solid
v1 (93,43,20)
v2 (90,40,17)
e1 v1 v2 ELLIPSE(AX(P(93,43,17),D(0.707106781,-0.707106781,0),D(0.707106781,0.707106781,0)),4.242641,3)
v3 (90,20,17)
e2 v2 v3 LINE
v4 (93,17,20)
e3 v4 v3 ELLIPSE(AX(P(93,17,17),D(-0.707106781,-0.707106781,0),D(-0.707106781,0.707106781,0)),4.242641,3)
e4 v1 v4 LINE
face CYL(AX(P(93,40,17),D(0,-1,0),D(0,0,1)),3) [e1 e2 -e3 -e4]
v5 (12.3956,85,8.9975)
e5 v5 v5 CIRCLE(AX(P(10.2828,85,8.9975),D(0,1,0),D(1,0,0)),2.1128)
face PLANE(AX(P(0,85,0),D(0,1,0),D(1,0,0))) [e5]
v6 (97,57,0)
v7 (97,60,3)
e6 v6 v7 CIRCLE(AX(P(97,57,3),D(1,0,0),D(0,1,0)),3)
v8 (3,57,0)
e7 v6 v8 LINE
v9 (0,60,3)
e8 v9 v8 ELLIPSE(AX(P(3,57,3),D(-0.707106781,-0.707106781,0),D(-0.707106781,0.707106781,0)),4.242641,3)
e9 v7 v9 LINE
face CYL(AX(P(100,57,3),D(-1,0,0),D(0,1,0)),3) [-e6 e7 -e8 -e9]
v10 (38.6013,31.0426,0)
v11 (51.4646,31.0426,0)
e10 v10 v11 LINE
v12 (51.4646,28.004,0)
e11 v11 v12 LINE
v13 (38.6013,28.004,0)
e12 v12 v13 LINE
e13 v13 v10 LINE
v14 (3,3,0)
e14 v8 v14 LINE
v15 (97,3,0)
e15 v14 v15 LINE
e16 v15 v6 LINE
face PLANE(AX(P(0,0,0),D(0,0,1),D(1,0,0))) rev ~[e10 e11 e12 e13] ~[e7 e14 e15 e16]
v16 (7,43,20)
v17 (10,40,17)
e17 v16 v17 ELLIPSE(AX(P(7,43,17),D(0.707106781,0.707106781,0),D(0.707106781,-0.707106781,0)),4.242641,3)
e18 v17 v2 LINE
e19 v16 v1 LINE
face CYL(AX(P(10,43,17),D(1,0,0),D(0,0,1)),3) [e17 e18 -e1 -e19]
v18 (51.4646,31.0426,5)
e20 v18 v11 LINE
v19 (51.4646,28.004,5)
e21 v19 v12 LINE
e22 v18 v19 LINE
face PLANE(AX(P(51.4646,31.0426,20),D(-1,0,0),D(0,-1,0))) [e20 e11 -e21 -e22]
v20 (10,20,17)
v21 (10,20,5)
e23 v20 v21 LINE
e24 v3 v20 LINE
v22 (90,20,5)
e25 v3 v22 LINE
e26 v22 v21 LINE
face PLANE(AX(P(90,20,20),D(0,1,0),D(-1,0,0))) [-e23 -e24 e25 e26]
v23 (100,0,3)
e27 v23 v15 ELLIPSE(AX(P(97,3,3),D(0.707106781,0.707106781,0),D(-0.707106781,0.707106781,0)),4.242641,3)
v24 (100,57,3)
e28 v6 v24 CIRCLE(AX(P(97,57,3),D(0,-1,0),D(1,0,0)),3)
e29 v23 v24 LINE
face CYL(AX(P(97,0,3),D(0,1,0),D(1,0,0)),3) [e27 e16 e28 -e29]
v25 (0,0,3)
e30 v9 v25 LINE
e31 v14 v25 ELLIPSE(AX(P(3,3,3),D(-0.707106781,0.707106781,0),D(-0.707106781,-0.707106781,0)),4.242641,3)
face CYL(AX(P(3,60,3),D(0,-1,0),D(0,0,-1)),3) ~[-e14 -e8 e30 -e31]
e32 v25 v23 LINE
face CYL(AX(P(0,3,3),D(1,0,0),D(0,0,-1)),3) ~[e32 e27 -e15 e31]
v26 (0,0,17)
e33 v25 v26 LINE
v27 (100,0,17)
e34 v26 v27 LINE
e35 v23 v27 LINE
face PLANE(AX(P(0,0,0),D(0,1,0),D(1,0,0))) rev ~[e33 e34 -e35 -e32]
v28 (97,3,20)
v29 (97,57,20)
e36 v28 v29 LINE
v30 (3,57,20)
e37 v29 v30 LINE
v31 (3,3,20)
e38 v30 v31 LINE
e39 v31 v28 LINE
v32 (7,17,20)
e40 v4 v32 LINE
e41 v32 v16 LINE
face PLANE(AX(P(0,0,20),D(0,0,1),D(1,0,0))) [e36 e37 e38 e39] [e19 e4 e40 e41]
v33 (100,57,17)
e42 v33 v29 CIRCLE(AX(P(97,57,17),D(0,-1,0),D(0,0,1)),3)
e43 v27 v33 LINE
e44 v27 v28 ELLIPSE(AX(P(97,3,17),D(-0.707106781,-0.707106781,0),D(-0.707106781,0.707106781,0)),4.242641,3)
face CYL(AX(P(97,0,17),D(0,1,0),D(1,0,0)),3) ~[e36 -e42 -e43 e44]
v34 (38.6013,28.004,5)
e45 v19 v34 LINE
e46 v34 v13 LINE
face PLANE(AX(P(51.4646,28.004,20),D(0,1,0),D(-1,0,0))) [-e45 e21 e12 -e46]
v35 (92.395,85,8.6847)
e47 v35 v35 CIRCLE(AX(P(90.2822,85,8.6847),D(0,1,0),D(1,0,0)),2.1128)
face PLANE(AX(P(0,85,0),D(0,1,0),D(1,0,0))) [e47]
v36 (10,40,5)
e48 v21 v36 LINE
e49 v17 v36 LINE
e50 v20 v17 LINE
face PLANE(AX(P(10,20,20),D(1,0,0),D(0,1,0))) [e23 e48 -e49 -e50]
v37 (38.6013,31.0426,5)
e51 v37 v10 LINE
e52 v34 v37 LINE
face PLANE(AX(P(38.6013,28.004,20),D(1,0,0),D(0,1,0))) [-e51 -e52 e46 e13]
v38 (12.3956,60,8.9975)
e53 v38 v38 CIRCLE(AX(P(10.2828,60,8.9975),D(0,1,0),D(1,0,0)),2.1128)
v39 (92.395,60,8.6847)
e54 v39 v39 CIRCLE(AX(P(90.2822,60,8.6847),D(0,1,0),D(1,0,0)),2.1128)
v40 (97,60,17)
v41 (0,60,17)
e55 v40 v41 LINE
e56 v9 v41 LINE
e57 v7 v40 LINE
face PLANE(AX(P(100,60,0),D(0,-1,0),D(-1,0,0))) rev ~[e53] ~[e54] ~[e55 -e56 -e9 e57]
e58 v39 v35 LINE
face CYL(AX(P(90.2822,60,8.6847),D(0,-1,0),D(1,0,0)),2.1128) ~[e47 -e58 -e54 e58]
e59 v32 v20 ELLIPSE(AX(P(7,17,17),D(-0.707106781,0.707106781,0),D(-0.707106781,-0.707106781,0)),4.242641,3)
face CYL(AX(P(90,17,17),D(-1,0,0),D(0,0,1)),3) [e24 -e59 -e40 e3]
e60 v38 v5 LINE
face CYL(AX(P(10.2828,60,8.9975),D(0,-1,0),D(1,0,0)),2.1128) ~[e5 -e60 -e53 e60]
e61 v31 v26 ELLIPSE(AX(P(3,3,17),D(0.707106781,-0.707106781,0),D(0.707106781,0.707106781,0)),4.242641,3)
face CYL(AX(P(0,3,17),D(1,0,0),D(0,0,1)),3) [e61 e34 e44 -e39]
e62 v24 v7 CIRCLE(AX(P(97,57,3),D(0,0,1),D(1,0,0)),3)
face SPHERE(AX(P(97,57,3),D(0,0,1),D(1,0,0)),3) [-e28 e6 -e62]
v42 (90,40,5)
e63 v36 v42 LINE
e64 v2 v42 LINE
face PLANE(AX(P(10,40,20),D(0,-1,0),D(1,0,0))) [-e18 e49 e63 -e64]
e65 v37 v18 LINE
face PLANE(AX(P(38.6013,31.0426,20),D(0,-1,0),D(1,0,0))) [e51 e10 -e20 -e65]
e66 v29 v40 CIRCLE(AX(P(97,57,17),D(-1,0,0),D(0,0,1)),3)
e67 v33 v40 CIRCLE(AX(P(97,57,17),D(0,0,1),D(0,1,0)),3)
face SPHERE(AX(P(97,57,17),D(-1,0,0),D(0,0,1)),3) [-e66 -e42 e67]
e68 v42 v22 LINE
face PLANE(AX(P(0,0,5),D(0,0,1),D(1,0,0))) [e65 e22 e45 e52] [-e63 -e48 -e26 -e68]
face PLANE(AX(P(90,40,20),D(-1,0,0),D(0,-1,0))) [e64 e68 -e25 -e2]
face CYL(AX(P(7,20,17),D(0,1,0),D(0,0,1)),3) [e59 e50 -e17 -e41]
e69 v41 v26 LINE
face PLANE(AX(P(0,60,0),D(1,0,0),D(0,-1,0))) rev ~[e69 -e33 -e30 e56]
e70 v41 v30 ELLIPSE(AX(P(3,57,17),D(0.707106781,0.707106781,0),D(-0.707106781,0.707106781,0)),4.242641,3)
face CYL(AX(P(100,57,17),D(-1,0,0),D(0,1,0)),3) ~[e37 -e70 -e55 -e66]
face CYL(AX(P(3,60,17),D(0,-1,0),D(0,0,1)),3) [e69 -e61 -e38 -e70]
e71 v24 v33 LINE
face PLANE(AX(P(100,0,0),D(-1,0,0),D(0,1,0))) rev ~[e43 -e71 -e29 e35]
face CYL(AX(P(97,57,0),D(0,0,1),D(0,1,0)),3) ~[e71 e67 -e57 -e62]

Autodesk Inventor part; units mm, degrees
ref_plane "YZ Plane" through (0, 0, 0) normal (1, 0, 0) x (0, 1, 0)
ref_plane "XZ Plane" through (0, 0, 0) normal (0, 1, 0) x (-1, 0, 0)
ref_plane "XY Plane" through (0, 0, 0) normal (0, 0, 1) x (1, 0, 0)
sketch "Sketch1" plane through (0, 0, 0) normal (0, 0, 1) x (1, 0, 0)
  line L0 (0, 60) -> (0, 0)
  line L1 (0, 0) -> (100, 0)
  line L2 (100, 0) -> (100, 60)
  line L3 (100, 60) -> (0, 60)
extrude "Extrusion1" add sketch "Sketch1" along normal blind 20
sketch "Sketch2" plane through (0, 0, 20) normal (0, 0, 1) x (1, 0, 0)
  line L0 (10, 40) -> (90, 40)
  line L1 (90, 40) -> (90, 20)
  line L2 (90, 20) -> (10, 20)
  line L3 (10, 20) -> (10, 40)
  line L4 (100, 60) -> (0, 60) projected
  line L5 (0, 0) -> (100, 0) projected
  line L6 (100, 0) -> (100, 60) projected
  line L7 (0, 60) -> (0, 0) projected
extrude "Extrusion2" cut sketch "Sketch2" against normal blind 15 contours L0 L1 L2 L3
sketch "Sketch3" plane through (0, 0, 20) normal (0, 0, 1) x (1, 0, 0)
  line L0 (38.6013, 31.0426) -> (51.4646, 31.0426)
  line L1 (51.4646, 31.0426) -> (51.4646, 28.004)
  line L2 (51.4646, 28.004) -> (38.6013, 28.004)
  line L3 (38.6013, 28.004) -> (38.6013, 31.0426)
  point P0 (0, 0)
extrude "Extrusion3" cut sketch "Sketch3" against normal through all
sketch "Sketch4" plane through (0, 60, 0) normal (0, 1, 0) x (1, 0, 0)
  line L0 (0, 0) -> (0, -20) projected
  line L1 (100, 0) -> (100, -20) projected
  circle A0 centre (10.2828, -8.9975) radius 2.1128
  circle A1 centre (90.2822, -8.6847) radius 2.1128
  dimension "d18" = 80
extrude "Extrusion4" add sketch "Sketch4" along normal blind 25
sketch "Sketch5" plane through (0, 60, 0) normal (0, 1, 0) x (1, 0, 0)
  circle A0 centre (10.2828, -8.9975) radius 2.1128 projected
  line L0 (97.4061, -6.1607) -> (97.5, -6.1584)
  line L1 (10.2828, -5.156) -> (10.2828, -8.9975)
  point P0 (0, 0)
fillet "Fillet1" radius 3 13 edges at (50, 60, 20) (100, 30, 20) (100, 60, 10) (100, 30, 0) (50, 60, 0) (50, 0, 20) (50, 20, 20) (50, 40, 20) (10, 30, 20) (90, 30, 20) (0, 30, 20) (0, 30, 0) (50, 0, 0)
properties part number "part3nn" material "Polyethylene, High Density"
